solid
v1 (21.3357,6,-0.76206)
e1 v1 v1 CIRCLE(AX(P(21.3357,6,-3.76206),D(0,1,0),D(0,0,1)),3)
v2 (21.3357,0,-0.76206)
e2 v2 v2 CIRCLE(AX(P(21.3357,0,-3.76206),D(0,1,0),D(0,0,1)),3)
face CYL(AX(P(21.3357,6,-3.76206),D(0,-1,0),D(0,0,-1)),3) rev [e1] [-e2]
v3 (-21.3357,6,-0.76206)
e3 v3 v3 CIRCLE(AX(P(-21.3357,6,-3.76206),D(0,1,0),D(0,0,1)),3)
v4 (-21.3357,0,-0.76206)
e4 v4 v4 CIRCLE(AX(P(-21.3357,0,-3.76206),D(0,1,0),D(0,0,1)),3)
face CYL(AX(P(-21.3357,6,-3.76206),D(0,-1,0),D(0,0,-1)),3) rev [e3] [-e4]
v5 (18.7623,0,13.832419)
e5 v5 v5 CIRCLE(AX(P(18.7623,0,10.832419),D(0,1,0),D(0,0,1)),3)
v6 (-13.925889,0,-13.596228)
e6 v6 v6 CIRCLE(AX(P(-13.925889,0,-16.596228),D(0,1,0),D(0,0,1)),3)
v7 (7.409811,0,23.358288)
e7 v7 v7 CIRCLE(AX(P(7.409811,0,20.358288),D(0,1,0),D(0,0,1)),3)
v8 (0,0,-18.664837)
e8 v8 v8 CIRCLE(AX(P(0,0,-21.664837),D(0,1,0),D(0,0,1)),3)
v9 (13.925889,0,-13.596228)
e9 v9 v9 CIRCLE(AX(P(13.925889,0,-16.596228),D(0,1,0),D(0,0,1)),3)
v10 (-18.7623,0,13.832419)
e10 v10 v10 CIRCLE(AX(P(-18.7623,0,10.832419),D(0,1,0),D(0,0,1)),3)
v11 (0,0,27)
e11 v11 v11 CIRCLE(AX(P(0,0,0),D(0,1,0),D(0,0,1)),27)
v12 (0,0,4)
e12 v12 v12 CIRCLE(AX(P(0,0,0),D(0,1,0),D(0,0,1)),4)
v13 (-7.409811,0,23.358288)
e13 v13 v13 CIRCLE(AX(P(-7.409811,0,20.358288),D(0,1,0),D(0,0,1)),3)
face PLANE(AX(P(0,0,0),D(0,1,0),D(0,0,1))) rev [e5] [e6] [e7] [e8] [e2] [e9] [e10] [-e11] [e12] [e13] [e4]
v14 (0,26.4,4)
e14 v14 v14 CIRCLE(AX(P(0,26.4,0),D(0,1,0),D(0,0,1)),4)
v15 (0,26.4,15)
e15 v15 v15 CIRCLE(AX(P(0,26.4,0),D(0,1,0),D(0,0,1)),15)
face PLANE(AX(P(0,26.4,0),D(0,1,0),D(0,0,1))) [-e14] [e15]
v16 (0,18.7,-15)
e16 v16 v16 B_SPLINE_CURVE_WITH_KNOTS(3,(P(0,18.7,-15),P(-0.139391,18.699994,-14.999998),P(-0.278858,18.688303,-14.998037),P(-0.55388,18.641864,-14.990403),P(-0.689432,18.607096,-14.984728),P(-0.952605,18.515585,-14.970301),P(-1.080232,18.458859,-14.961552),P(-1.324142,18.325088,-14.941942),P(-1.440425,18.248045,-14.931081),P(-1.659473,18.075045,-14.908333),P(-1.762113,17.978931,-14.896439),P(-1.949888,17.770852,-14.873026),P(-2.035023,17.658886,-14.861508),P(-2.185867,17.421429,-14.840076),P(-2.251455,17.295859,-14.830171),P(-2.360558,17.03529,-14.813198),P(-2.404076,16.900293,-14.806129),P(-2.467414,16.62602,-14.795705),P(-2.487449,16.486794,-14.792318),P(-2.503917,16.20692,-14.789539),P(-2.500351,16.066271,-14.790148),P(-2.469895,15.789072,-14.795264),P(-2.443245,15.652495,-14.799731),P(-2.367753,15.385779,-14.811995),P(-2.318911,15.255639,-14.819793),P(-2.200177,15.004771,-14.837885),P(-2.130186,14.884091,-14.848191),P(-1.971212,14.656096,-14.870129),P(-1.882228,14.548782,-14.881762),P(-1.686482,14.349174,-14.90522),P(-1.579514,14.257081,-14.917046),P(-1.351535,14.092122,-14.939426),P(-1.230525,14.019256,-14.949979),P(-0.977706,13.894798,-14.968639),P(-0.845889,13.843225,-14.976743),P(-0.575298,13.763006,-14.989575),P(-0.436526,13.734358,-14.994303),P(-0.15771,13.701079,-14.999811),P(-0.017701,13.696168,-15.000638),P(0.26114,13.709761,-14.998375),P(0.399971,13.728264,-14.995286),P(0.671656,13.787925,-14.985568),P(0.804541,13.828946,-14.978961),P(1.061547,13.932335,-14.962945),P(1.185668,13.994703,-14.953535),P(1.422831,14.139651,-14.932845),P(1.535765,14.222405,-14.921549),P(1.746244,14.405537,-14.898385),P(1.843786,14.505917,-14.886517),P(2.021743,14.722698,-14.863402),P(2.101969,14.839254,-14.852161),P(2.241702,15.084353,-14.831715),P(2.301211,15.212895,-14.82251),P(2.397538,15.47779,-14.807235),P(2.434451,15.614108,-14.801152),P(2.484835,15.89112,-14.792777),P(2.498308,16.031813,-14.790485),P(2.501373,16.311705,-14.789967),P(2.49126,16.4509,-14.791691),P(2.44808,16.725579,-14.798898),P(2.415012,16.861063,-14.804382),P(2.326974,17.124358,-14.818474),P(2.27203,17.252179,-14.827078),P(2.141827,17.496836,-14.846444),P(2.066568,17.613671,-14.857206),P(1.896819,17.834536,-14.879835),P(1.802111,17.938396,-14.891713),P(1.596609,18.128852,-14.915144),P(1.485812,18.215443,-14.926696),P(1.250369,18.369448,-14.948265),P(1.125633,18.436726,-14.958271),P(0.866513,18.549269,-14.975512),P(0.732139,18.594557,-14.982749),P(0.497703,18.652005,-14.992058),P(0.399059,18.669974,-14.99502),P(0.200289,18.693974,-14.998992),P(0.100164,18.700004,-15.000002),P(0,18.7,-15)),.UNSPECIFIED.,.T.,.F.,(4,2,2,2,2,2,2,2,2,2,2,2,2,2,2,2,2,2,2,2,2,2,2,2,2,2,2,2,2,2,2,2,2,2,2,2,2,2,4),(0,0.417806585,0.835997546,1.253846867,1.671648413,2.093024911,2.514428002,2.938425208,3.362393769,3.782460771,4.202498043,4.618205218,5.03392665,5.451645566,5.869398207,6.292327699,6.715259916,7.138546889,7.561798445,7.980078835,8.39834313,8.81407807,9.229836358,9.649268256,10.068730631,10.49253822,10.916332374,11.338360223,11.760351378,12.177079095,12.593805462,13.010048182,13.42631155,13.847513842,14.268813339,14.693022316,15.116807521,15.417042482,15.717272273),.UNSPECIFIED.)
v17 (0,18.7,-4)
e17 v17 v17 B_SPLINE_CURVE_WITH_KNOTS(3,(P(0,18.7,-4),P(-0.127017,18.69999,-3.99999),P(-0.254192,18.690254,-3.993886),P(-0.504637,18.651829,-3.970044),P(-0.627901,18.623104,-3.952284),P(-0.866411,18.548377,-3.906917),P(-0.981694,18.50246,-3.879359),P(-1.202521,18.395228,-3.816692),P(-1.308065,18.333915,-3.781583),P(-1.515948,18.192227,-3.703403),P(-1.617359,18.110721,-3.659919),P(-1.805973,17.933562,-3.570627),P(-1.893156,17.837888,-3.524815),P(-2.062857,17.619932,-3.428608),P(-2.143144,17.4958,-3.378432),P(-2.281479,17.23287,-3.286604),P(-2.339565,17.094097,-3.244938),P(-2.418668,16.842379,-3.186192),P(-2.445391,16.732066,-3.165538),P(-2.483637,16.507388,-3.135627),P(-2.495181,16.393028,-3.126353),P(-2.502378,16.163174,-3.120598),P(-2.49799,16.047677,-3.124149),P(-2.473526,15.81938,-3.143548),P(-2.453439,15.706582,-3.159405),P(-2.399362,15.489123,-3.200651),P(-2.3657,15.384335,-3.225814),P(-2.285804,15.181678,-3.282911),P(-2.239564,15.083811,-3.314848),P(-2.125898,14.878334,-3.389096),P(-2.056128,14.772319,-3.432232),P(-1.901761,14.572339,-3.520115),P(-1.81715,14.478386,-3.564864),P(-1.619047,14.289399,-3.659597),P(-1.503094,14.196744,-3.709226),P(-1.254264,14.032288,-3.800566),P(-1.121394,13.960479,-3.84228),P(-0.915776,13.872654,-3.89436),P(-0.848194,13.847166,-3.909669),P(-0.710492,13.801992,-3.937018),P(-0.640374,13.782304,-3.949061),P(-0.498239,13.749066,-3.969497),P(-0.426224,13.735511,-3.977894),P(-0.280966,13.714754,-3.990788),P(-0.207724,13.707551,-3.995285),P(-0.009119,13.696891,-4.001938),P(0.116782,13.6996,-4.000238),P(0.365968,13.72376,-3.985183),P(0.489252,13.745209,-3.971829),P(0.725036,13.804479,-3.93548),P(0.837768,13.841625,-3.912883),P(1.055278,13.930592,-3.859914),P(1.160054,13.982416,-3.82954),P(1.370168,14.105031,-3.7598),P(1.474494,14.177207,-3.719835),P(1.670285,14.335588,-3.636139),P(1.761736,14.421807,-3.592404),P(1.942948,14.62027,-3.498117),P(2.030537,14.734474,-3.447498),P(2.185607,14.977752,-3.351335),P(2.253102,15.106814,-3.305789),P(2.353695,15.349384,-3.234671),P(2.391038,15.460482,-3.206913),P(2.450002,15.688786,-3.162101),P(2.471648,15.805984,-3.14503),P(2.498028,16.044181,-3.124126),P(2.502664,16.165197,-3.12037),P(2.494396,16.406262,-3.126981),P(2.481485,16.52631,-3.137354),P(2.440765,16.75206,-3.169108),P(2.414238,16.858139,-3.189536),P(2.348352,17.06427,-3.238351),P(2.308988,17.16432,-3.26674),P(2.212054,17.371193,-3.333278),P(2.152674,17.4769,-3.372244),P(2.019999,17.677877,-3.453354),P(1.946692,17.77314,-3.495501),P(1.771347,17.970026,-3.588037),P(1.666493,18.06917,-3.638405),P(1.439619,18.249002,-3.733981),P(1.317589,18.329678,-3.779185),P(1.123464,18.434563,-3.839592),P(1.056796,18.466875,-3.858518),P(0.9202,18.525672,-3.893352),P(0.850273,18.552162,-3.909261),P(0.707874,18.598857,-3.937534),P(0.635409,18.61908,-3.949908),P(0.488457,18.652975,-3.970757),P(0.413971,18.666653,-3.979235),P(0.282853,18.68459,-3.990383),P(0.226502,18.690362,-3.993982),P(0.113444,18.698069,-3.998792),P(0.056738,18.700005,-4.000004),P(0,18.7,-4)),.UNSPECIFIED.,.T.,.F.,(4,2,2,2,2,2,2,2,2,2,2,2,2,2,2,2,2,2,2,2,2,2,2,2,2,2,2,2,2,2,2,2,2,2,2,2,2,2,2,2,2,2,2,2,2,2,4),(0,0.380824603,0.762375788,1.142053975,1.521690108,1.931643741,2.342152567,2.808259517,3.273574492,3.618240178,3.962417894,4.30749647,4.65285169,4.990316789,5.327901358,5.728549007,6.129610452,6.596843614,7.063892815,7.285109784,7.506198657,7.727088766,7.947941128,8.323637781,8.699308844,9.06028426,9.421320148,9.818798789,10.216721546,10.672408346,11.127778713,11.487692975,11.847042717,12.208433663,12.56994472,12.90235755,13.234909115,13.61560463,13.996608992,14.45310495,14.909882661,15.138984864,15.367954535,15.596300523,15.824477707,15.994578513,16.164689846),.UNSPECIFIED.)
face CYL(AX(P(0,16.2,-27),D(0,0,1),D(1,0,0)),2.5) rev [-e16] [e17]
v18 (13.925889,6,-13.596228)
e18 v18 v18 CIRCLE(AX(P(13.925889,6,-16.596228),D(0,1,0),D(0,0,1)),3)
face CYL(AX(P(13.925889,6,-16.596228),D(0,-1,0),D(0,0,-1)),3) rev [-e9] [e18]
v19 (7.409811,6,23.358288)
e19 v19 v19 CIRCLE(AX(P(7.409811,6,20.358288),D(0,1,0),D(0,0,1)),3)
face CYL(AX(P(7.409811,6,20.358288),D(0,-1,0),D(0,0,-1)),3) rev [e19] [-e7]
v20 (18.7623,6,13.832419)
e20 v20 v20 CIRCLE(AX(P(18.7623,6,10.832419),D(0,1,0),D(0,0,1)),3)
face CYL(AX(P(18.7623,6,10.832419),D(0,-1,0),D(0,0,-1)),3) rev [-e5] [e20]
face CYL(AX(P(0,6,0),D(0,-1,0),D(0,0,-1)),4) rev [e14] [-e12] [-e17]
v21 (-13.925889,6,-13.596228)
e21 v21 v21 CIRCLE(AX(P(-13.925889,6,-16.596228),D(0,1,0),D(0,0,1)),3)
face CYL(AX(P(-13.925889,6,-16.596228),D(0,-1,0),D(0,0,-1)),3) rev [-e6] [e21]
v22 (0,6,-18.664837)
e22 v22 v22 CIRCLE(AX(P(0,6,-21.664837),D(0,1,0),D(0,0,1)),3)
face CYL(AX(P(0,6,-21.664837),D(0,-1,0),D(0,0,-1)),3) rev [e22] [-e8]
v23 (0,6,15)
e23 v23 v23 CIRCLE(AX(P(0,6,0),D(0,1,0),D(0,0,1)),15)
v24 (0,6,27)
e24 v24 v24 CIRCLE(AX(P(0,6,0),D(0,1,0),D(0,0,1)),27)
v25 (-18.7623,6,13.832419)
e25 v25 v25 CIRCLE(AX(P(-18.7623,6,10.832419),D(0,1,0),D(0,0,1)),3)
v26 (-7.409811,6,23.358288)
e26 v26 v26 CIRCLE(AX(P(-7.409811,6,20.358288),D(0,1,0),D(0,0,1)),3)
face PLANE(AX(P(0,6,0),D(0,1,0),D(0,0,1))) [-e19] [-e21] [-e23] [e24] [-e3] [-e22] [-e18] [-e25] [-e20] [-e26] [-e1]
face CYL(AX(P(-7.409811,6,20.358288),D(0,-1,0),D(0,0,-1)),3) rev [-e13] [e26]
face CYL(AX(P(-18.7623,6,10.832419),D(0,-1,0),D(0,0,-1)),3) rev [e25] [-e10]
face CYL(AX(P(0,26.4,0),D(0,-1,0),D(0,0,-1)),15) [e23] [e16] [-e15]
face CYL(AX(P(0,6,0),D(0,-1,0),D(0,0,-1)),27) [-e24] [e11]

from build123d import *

# Parameters (mm, degrees)
SKETCH_1_R          = 27
SKETCH_1_R_2        = 3
SKETCH_1_R_3        = 4
EXTRUDE_1_DEPTH     = 6
SKETCH_3_R          = 15
SKETCH_3_R_2        = 4
EXTRUDE_2_DEPTH     = 20.4
SKETCH_5_R          = 2.5
CUT_EXTRUDE_1_DEPTH = 47.421546721


with BuildPart() as part:
    # 草图1 → 凸台-拉伸1 (new body)
    with BuildSketch(Plane(origin=(0, 0, 0), x_dir=(1, 0, 0), z_dir=(0, 1, 0))):
        with Locations(Location((0, 0, 0), (0, 0, 270))):
            Circle(SKETCH_1_R)
        with Locations(Location((0, 21.6648374, 0), (0, 0, 270))):
            Circle(SKETCH_1_R_2, mode=Mode.SUBTRACT)
        with Locations(Location((13.925889047, 16.596228301, 0), (0, 0, 270))):
            Circle(SKETCH_1_R_2, mode=Mode.SUBTRACT)
        with Locations(Location((21.335699839, 3.762059534, 0), (0, 0, 270))):
            Circle(SKETCH_1_R_2, mode=Mode.SUBTRACT)
        with Locations(Location((18.762299557, -10.8324187, 0), (0, 0, 270))):
            Circle(SKETCH_1_R_2, mode=Mode.SUBTRACT)
        with Locations(Location((7.409810793, -20.358287835, 0), (0, 0, 270))):
            Circle(SKETCH_1_R_2, mode=Mode.SUBTRACT)
        with Locations(Location((-7.409810793, -20.358287835, 0), (0, 0, 270))):
            Circle(SKETCH_1_R_2, mode=Mode.SUBTRACT)
        with Locations(Location((-18.762299557, -10.8324187, 0), (0, 0, 270))):
            Circle(SKETCH_1_R_2, mode=Mode.SUBTRACT)
        with Locations(Location((-21.335699839, 3.762059534, 0), (0, 0, 270))):
            Circle(SKETCH_1_R_2, mode=Mode.SUBTRACT)
        with Locations(Location((-13.925889047, 16.596228301, 0), (0, 0, 270))):
            Circle(SKETCH_1_R_2, mode=Mode.SUBTRACT)
        with Locations(Location((0, 0, 0), (0, 0, 270))):
            Circle(SKETCH_1_R_3, mode=Mode.SUBTRACT)
    extrude(amount=EXTRUDE_1_DEPTH)

    # 草图3 → 凸台-拉伸2 (add)
    with BuildSketch(Plane(origin=(0, 6, 0), x_dir=(1, 0, 0), z_dir=(0, 1, 0))):
        with Locations(Location((0, 0, 0), (0, 0, 270))):
            Circle(SKETCH_3_R)
        with Locations(Location((0, 0, 0), (0, 0, 270))):
            Circle(SKETCH_3_R_2, mode=Mode.SUBTRACT)
    extrude(amount=EXTRUDE_2_DEPTH)

    # 草图5 → 切除-拉伸1 (cut, through all)
    with BuildSketch(Plane(origin=(0, 0, 0), x_dir=(0, 1, 0), z_dir=(0, 0, 1))):
        with Locations((16.2, 0)):
            Circle(SKETCH_5_R)
    extrude(amount=-CUT_EXTRUDE_1_DEPTH, mode=Mode.SUBTRACT)


solid = part.part
